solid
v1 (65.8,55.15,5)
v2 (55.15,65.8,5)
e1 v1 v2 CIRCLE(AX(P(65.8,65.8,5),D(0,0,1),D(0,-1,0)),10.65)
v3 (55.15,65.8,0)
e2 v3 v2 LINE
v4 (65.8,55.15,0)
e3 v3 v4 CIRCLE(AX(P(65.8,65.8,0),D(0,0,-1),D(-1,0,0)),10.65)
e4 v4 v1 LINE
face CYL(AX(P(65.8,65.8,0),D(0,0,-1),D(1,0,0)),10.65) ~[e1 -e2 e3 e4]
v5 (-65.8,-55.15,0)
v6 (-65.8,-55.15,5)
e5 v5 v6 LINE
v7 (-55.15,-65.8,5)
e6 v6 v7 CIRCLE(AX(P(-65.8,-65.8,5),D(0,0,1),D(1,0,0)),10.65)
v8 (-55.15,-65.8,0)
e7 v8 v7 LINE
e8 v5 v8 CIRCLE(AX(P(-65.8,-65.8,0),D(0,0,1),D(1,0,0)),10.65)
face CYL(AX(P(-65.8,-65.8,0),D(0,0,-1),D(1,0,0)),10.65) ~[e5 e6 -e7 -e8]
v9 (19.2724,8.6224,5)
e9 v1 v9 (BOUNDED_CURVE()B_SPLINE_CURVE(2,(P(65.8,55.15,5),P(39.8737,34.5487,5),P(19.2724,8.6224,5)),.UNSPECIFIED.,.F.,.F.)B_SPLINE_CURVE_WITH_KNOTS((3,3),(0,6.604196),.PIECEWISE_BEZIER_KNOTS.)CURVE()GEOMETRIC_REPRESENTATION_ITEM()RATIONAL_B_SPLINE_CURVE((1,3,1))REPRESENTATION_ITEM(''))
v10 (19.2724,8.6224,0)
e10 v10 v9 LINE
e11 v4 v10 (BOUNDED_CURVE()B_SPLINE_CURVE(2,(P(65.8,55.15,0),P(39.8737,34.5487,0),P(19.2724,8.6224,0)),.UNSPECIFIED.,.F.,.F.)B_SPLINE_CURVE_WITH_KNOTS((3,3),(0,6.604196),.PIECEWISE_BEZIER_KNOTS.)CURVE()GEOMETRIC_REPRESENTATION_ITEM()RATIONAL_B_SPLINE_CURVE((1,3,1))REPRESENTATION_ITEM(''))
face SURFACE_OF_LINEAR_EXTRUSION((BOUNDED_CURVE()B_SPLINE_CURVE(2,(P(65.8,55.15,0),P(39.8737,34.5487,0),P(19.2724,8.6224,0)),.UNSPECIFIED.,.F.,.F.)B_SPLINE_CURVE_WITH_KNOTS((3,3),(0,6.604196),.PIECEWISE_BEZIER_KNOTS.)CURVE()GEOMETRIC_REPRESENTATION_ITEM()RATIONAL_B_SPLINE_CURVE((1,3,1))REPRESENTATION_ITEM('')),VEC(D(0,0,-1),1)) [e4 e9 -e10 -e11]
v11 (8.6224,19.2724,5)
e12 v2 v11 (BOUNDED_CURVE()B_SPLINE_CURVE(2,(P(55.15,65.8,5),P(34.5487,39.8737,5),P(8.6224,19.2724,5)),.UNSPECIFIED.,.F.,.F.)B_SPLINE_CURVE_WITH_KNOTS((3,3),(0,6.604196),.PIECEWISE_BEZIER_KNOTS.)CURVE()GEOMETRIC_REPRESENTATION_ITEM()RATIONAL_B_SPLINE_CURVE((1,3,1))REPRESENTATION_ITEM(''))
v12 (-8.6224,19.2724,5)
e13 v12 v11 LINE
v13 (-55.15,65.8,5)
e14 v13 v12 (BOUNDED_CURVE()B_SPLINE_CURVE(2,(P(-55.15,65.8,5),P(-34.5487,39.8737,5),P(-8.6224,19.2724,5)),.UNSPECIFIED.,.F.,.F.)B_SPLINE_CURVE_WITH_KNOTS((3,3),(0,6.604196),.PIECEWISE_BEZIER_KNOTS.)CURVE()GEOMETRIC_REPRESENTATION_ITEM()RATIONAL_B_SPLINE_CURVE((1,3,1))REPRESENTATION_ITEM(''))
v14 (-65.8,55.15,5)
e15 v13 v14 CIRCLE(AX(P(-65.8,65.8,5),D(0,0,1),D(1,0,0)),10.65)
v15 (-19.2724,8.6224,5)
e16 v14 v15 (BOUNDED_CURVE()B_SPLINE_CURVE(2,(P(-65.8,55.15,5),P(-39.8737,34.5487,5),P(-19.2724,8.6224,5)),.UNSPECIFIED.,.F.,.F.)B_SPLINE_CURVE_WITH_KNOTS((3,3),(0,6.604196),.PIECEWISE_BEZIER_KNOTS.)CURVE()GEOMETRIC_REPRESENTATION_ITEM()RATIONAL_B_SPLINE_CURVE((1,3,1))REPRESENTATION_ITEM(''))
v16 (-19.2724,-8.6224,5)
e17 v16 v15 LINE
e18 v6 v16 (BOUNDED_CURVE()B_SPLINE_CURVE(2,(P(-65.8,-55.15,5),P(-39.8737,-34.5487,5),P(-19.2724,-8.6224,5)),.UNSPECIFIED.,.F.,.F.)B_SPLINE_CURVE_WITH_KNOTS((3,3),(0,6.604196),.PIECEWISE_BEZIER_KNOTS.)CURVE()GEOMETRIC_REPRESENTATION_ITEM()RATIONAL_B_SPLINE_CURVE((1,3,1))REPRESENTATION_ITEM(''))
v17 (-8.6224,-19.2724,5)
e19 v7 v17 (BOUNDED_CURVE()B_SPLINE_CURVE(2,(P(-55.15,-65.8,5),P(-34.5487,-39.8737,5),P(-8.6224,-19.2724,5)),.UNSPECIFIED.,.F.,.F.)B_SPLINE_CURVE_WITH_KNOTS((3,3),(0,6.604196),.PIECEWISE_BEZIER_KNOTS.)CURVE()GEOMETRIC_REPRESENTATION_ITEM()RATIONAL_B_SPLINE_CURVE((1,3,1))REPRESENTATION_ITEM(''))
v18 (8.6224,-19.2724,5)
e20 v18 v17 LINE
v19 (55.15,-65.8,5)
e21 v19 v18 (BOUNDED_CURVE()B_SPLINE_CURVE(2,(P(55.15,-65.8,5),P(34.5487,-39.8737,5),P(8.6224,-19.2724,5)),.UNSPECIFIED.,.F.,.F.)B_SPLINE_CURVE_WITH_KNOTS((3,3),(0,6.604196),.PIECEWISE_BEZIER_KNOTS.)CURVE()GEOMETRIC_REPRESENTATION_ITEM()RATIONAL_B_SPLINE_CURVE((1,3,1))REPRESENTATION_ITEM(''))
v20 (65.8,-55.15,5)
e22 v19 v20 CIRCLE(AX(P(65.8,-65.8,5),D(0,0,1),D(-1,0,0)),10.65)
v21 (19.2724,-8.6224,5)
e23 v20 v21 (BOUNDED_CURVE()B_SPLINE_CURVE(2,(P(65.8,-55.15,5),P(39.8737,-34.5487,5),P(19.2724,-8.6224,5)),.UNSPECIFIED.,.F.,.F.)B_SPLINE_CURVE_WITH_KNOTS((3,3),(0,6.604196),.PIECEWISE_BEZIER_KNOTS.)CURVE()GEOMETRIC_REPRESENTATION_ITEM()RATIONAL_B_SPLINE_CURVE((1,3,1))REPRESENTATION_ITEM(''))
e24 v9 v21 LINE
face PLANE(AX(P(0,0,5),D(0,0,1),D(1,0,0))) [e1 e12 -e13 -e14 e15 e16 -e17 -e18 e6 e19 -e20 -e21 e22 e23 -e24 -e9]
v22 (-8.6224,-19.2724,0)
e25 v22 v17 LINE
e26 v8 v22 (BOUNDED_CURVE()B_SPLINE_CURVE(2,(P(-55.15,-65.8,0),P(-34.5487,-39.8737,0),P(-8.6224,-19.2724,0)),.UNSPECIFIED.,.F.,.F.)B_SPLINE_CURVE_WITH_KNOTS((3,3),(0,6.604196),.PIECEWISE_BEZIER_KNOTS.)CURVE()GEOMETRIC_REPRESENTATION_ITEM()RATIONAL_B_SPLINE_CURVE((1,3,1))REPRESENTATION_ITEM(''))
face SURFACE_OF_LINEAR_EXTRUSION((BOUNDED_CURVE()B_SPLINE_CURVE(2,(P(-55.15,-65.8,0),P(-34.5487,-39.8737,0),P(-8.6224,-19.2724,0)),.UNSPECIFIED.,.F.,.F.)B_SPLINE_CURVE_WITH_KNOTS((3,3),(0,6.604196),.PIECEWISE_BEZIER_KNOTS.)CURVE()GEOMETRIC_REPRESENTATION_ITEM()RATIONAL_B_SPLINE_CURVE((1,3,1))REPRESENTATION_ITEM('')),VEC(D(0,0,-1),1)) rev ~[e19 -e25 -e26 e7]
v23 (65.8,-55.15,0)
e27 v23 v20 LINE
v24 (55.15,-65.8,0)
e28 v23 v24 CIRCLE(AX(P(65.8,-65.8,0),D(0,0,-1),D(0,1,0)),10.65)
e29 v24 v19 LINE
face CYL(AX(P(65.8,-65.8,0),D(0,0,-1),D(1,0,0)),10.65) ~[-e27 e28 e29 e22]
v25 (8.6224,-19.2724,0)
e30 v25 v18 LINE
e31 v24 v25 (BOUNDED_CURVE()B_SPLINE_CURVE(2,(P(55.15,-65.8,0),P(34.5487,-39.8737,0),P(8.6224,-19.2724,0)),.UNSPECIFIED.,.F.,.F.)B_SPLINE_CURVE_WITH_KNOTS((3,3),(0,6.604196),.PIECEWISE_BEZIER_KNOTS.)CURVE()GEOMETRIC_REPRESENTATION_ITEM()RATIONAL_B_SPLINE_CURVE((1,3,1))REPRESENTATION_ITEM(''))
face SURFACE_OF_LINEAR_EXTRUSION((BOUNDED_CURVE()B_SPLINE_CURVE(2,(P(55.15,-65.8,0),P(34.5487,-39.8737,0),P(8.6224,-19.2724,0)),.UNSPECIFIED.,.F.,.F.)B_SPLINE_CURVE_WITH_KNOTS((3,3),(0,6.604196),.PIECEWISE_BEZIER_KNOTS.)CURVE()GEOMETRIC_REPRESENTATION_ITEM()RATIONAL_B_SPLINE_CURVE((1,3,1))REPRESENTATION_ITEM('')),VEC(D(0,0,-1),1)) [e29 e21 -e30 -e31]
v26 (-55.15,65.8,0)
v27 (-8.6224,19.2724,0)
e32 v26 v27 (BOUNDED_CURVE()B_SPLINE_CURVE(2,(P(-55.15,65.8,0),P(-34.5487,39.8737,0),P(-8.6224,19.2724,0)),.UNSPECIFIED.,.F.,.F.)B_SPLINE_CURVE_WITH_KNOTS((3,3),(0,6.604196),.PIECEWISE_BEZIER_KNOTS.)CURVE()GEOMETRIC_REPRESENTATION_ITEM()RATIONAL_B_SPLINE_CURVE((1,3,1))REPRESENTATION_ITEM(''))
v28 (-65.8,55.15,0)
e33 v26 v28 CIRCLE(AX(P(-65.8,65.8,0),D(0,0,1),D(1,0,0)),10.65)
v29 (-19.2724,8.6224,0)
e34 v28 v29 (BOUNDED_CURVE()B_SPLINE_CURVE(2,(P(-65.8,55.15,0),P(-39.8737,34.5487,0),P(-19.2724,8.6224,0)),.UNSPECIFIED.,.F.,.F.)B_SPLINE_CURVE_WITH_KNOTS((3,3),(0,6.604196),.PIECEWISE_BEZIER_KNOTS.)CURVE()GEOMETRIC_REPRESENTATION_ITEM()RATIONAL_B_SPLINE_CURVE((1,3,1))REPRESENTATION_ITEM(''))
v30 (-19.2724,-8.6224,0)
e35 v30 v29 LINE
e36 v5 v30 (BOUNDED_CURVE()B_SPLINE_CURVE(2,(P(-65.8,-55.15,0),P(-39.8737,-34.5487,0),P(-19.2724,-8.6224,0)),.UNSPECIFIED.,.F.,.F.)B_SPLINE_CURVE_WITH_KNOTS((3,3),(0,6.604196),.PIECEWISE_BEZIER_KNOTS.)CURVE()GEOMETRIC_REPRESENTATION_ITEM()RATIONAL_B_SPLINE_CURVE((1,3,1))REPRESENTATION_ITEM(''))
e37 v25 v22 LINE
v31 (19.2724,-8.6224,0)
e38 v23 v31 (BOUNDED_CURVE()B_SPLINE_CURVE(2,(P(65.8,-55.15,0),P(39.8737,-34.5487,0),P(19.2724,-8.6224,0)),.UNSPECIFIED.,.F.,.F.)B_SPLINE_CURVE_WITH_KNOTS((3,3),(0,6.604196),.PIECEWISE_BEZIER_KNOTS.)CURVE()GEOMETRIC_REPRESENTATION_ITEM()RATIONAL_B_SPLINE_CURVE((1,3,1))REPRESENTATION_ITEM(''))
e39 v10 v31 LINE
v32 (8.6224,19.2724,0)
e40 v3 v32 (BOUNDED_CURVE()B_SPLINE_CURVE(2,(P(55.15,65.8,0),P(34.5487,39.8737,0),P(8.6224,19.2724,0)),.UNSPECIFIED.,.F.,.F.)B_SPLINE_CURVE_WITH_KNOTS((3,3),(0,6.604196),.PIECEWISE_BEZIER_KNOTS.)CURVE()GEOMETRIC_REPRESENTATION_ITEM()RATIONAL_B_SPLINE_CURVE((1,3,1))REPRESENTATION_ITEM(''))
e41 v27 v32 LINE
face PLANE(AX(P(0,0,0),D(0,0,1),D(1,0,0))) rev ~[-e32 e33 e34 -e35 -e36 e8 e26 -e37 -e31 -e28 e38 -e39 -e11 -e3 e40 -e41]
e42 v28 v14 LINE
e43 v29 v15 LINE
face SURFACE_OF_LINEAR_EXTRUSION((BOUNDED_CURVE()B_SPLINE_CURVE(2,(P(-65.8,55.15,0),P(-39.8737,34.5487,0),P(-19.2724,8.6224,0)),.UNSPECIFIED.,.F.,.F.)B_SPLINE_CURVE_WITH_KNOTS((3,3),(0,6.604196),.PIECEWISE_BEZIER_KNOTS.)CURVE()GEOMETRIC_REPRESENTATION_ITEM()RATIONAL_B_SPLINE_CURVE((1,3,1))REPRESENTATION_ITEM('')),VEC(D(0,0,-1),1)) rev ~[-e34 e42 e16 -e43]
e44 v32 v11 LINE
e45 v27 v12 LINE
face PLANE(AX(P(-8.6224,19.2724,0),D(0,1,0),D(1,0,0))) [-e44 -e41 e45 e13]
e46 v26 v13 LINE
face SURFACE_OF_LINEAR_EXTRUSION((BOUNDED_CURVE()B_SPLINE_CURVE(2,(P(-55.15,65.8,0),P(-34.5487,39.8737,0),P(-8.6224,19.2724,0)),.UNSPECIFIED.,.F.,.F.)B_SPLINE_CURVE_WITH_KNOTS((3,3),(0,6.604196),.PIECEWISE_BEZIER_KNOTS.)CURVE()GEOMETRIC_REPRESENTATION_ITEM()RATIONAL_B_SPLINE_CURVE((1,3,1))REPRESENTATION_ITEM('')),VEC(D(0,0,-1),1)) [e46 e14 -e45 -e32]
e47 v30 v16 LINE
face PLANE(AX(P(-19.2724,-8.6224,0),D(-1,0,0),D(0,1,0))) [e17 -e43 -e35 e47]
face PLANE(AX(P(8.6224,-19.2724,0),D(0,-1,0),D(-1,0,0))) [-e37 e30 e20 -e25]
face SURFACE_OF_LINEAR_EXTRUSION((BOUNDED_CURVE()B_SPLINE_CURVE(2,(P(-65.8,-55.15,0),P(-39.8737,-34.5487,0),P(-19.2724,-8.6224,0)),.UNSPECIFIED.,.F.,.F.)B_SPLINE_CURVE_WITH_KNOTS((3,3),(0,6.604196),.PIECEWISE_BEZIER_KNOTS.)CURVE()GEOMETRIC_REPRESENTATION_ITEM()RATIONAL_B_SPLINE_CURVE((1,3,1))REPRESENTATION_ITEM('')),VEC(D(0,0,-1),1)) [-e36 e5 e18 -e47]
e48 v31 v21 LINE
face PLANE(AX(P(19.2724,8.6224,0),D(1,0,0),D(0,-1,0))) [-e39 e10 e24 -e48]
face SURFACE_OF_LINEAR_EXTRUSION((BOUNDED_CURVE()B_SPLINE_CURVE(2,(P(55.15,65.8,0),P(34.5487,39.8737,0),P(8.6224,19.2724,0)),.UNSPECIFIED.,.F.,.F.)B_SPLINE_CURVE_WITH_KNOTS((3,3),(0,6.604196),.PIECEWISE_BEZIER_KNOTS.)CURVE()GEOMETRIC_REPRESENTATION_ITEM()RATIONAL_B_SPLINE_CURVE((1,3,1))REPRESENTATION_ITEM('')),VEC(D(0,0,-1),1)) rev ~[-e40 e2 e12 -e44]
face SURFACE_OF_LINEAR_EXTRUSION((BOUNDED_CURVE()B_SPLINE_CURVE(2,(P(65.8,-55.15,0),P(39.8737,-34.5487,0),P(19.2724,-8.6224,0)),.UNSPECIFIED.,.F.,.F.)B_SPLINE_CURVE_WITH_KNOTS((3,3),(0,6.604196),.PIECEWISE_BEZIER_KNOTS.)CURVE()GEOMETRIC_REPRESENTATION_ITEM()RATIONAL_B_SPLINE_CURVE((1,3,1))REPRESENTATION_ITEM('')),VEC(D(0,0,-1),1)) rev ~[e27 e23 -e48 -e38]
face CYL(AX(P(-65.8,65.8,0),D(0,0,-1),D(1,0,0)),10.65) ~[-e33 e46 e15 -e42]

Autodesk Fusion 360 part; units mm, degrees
sketch "Esboço1" plane through (0, 0, 0) normal (0, 0, 1) x (1, 0, 0)
  circle A0 centre (-65.8, 65.8) radius 10.65
  circle A1 centre (65.8, 65.8) radius 10.65
  circle A2 centre (-65.8, -65.8) radius 10.65
  circle A3 centre (65.8, -65.8) radius 10.65
  line L0 (-65.8, 65.8) -> (-19.2724, 19.2724) construction
  line L1 (0, 65.8) -> (0, -65.8) construction
  line L2 (-65.8, 0) -> (65.8, 0) construction
  line L3 (65.8, 65.8) -> (19.2724, 19.2724) construction
  line L4 (-65.8, -65.8) -> (-19.2724, -19.2724) construction
  line L5 (65.8, -65.8) -> (19.2724, -19.2724) construction
  line L6 (13.2724, -19.2724) -> (-13.2724, -19.2724)
  line L7 (-19.2724, -13.2724) -> (-19.2724, 13.2724)
  line L8 (-13.2724, 19.2724) -> (13.2724, 19.2724)
  line L9 (19.2724, 13.2724) -> (19.2724, -13.2724)
  line L10 (19.2724, -19.2724) -> (-19.2724, 19.2724) construction
  line L11 (-19.2724, -19.2724) -> (19.2724, 19.2724) construction
  line L12 (-42.5362, 31.8862) -> (-37.2112, 37.2112) construction
  line L13 (-31.8862, 42.5362) -> (-37.2112, 37.2112) construction
  spline S0 degree 2 poles (-65.8, 55.15) (-39.8737, 34.5487) (-19.2724, 8.6224) knots 0 0 0 6.604196 6.604196 6.604196 weights 1 3 1
  spline S1 degree 2 poles (-55.15, 65.8) (-34.5487, 39.8737) (-8.6224, 19.2724) knots 0 0 0 6.604196 6.604196 6.604196 weights 1 3 1
  arc A4 (-13.2724, 19.2724) -> (-19.2724, 13.2724) centre (-13.2724, 13.2724) ccw
  arc A5 (19.2724, 13.2724) -> (13.2724, 19.2724) centre (13.2724, 13.2724) ccw
  arc A6 (-19.2724, -13.2724) -> (-13.2724, -19.2724) centre (-13.2724, -13.2724) ccw
  arc A7 (13.2724, -19.2724) -> (19.2724, -13.2724) centre (13.2724, -13.2724) ccw
  spline S2 degree 2 poles (65.8, 55.15) (39.8737, 34.5487) (19.2724, 8.6224) knots 0 0 0 6.604196 6.604196 6.604196 weights 1 3 1
  spline S3 degree 2 poles (55.15, 65.8) (34.5487, 39.8737) (8.6224, 19.2724) knots 0 0 0 6.604196 6.604196 6.604196 weights 1 3 1
  spline S4 degree 2 poles (-65.8, -55.15) (-39.8737, -34.5487) (-19.2724, -8.6224) knots 0 0 0 6.604196 6.604196 6.604196 weights 1 3 1
  spline S5 degree 2 poles (-55.15, -65.8) (-34.5487, -39.8737) (-8.6224, -19.2724) knots 0 0 0 6.604196 6.604196 6.604196 weights 1 3 1
  spline S6 degree 2 poles (55.15, -65.8) (34.5487, -39.8737) (8.6224, -19.2724) knots 0 0 0 6.604196 6.604196 6.604196 weights 1 3 1
  spline S7 degree 2 poles (65.8, -55.15) (39.8737, -34.5487) (19.2724, -8.6224) knots 0 0 0 6.604196 6.604196 6.604196 weights 1 3 1
  dimension "d1" = 131.6
  dimension "d2" = 131.6
  dimension "d3" = 21.3
  dimension "d4" = 21.3
  dimension "d5" = 21.3
  dimension "d6" = 21.3
  dimension "d7" = 65.8
  dimension "d10" = 6
extrude "Extrusão1" add sketch "Esboço1" along normal blind 5
equation "d8 = 0.75"
equation "d9 = 0.75"
equation "d11 = d8"
equation "d12 = d9"
equation "d13 = d8"
equation "d14 = d9"
equation "d15 = d12"
equation "d16 = d11"
